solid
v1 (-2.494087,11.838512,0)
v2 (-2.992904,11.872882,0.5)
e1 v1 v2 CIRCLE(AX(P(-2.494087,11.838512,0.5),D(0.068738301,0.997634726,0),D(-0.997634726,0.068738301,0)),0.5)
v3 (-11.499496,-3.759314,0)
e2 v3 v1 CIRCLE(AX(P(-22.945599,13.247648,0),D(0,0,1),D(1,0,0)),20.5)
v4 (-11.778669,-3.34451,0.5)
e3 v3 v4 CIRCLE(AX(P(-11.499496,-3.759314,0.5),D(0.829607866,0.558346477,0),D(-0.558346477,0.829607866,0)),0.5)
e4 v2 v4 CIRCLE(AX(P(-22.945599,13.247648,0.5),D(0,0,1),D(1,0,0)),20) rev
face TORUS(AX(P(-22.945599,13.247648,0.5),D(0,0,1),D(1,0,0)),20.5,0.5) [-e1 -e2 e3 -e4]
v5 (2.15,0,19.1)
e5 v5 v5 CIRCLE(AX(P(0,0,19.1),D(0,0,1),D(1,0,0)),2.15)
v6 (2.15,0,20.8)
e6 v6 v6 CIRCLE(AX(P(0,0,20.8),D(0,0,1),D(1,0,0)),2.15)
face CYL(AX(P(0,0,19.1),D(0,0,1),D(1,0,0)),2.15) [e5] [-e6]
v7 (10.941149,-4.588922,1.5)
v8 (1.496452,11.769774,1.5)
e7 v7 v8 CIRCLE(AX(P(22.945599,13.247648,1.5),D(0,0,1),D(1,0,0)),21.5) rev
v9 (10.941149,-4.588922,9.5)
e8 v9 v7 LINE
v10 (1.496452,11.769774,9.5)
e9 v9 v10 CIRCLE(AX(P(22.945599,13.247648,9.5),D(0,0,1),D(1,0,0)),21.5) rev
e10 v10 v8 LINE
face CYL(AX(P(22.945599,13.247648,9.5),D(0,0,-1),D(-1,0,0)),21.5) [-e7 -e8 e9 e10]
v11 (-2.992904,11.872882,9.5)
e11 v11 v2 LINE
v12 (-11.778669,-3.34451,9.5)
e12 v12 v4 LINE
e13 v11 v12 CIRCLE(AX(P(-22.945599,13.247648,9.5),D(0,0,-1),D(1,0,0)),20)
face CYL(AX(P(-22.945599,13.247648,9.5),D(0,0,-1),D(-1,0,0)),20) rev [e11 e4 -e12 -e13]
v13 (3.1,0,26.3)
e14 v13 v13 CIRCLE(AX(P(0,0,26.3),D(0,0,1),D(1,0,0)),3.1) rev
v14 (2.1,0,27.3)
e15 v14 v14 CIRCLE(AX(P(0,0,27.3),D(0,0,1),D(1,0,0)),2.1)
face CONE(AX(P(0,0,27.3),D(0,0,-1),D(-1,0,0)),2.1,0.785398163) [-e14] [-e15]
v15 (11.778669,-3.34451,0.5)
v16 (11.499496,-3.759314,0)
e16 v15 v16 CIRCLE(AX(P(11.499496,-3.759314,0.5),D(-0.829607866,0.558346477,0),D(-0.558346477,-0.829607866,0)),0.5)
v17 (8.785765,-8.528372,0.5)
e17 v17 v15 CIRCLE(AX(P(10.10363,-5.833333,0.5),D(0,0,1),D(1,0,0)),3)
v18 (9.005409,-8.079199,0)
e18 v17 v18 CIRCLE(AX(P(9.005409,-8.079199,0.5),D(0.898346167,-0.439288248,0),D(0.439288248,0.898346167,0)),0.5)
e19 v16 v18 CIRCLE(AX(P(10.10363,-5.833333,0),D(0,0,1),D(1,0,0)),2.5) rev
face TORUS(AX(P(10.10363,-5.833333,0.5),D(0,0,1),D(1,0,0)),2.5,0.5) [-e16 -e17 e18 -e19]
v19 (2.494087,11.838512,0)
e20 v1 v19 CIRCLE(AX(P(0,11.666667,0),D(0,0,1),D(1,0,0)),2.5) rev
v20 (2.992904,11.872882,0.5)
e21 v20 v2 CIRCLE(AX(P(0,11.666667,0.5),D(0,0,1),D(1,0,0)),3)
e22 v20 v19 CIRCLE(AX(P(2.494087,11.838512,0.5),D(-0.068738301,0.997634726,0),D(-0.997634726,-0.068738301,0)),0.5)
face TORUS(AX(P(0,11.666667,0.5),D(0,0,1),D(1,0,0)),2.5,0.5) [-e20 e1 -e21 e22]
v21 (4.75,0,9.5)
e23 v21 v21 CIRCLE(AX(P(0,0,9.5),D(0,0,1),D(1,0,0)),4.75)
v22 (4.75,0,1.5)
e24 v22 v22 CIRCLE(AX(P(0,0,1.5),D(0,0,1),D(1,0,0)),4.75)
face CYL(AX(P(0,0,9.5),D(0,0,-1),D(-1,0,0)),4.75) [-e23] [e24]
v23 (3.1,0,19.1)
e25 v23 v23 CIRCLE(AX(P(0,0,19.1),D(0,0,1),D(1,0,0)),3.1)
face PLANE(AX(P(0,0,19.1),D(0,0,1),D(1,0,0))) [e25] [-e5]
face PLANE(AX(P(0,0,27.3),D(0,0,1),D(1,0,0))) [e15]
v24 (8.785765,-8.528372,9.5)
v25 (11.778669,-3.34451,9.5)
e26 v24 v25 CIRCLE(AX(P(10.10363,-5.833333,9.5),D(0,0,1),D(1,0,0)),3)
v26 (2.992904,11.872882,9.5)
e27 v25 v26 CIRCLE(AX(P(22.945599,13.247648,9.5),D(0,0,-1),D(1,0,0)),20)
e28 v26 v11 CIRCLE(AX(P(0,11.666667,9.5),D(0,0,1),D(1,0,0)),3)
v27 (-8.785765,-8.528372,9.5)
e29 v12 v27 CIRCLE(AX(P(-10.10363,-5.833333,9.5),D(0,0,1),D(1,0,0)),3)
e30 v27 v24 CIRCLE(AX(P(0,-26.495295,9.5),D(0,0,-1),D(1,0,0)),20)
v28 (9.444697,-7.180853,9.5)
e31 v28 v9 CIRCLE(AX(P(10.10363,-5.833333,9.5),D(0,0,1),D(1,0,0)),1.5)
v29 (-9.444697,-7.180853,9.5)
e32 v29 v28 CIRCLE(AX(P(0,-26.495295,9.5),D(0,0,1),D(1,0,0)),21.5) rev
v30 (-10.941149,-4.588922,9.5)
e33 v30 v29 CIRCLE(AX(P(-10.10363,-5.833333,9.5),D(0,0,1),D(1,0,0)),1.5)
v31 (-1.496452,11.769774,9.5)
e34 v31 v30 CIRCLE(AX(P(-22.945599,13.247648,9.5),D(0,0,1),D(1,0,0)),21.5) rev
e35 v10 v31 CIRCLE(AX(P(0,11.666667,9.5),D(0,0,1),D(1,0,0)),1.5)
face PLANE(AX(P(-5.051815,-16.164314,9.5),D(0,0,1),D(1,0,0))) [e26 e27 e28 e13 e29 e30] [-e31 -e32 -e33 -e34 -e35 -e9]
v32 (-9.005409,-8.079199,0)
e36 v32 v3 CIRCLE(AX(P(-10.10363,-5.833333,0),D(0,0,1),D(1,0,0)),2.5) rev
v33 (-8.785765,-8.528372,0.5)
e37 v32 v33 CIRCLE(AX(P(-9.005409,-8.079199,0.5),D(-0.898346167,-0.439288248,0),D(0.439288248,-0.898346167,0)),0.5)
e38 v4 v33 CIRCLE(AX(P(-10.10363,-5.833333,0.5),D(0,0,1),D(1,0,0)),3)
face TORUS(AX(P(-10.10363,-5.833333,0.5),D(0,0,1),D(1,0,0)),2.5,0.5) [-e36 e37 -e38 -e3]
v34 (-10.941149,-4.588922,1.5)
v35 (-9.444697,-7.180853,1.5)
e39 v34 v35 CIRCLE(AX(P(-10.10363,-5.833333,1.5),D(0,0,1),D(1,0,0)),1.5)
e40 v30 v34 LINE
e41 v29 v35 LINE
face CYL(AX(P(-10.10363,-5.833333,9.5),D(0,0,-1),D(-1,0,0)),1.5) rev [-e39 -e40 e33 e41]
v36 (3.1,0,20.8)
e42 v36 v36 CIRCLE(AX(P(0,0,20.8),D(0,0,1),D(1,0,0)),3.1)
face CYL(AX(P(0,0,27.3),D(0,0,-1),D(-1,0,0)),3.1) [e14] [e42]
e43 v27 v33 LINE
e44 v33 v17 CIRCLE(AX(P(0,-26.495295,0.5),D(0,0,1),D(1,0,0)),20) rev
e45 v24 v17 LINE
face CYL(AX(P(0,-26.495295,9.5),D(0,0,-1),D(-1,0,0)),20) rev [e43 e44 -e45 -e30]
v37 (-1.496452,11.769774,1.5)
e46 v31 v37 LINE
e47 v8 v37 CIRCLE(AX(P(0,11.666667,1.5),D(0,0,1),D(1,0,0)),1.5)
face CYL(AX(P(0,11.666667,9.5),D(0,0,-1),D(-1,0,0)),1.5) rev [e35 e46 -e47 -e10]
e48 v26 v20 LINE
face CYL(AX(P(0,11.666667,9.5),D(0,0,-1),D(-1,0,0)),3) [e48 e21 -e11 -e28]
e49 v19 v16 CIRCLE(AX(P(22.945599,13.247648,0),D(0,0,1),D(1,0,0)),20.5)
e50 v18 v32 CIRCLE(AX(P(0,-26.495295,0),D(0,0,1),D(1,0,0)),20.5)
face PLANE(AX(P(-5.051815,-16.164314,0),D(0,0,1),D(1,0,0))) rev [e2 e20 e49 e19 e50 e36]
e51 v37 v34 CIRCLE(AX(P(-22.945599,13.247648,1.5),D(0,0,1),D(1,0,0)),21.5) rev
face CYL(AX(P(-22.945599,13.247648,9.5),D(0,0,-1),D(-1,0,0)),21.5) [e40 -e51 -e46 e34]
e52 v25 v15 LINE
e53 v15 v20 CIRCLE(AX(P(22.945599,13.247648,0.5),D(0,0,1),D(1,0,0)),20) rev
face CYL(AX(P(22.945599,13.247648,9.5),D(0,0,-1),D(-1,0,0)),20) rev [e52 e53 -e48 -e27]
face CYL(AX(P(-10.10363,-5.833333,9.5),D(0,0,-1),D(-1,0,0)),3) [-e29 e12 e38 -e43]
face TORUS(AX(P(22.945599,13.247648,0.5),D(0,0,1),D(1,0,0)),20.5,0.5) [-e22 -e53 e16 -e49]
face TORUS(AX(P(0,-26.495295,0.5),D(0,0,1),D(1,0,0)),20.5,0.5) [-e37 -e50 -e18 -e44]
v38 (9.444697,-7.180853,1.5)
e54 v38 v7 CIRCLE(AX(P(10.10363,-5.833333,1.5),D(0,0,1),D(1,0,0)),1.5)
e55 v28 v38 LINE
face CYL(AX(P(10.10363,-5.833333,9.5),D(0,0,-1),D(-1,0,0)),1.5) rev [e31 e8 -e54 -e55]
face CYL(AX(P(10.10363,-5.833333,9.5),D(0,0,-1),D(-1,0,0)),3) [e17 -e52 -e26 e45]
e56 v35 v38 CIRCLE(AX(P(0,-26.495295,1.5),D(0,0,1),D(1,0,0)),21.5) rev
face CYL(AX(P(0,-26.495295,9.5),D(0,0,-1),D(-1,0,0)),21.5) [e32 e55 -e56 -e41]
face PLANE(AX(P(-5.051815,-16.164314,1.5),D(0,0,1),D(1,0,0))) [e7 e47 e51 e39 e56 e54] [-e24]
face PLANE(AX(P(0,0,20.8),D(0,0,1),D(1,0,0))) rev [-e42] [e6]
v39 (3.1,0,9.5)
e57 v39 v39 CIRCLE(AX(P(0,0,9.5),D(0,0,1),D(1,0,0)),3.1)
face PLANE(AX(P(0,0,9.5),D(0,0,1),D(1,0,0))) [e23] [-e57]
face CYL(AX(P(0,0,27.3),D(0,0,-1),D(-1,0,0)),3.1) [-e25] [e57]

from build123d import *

# Parameters (mm, degrees)
BOSS_EXTRUDE1_DEPTH = 9.5
SHELL1_T            = -1.5
FILLET2_R           = 0.5
SKETCH2_R           = 4.75
BOSS_EXTRUDE2_DEPTH = 8
SKETCH4_R           = 3.1
BOSS_EXTRUDE3_DEPTH = 17.8
SKETCH5_R           = 5
SKETCH5_R_2         = 2.15
CUT_EXTRUDE1_DEPTH  = 1.7
CHAMFER1_SIZE       = 1


with BuildPart() as part:
    # Sketch1 → Boss-Extrude1 (new body)
    with BuildSketch(Plane.XY):
        with BuildLine():
            ThreePointArc((2.992904177, 11.872881569), (0, 14.666666667), (-2.992904177, 11.872881569))
            ThreePointArc((-2.992904177, 11.872881569), (-5.625090617, 3.247647582), (-11.778669143, -3.344509736))
            ThreePointArc((-11.778669143, -3.344509736), (-12.701705922, -7.333333333), (-8.785764966, -8.528371833))
            ThreePointArc((-8.785764966, -8.528371833), (0, -6.495295163), (8.785764966, -8.528371833))
            ThreePointArc((8.785764966, -8.528371833), (12.701705922, -7.333333333), (11.778669143, -3.344509736))
            ThreePointArc((11.778669143, -3.344509736), (5.625090617, 3.247647582), (2.992904177, 11.872881569))
        make_face()
    extrude(amount=BOSS_EXTRUDE1_DEPTH)

    # Shell1
    shell1_openings = [part.faces().sort_by_distance(p)[0] for p in [
        (0, 0, 9.5),
    ]]
    offset(amount=SHELL1_T, openings=shell1_openings, kind=Kind.INTERSECTION)

    # Fillet2
    fillet2_edges = [part.edges().sort_by_distance(p)[0] for p in [
        (-12.701705922, -7.333333333, 0),
        (-5.625090617, 3.247647582, 0),
        (0, 14.666666667, 0),
        (5.625090617, 3.247647582, 0),
        (12.701705922, -7.333333333, 0),
        (0, -6.495295163, 0),
    ]]
    fillet(fillet2_edges, radius=FILLET2_R)

    # Sketch2 → Boss-Extrude2 (add)
    with BuildSketch(Plane.XY.offset(1.5)):
        Circle(SKETCH2_R)
    extrude(amount=BOSS_EXTRUDE2_DEPTH)

    # Sketch4 → Boss-Extrude3 (add)
    with BuildSketch(Plane.XY.offset(9.5)):
        Circle(SKETCH4_R)
    extrude(amount=BOSS_EXTRUDE3_DEPTH)

    # Sketch5 → Cut-Extrude1 (cut)
    with BuildSketch(Plane.XY.offset(20.8)):
        Circle(SKETCH5_R)
        Circle(SKETCH5_R_2, mode=Mode.SUBTRACT)
    extrude(amount=-CUT_EXTRUDE1_DEPTH, mode=Mode.SUBTRACT)

    # Chamfer1
    chamfer1_edges = [part.edges().sort_by_distance(p)[0] for p in [
        (-3.1, 0, 27.3),
    ]]
    chamfer(chamfer1_edges, length=CHAMFER1_SIZE)


solid = part.part
